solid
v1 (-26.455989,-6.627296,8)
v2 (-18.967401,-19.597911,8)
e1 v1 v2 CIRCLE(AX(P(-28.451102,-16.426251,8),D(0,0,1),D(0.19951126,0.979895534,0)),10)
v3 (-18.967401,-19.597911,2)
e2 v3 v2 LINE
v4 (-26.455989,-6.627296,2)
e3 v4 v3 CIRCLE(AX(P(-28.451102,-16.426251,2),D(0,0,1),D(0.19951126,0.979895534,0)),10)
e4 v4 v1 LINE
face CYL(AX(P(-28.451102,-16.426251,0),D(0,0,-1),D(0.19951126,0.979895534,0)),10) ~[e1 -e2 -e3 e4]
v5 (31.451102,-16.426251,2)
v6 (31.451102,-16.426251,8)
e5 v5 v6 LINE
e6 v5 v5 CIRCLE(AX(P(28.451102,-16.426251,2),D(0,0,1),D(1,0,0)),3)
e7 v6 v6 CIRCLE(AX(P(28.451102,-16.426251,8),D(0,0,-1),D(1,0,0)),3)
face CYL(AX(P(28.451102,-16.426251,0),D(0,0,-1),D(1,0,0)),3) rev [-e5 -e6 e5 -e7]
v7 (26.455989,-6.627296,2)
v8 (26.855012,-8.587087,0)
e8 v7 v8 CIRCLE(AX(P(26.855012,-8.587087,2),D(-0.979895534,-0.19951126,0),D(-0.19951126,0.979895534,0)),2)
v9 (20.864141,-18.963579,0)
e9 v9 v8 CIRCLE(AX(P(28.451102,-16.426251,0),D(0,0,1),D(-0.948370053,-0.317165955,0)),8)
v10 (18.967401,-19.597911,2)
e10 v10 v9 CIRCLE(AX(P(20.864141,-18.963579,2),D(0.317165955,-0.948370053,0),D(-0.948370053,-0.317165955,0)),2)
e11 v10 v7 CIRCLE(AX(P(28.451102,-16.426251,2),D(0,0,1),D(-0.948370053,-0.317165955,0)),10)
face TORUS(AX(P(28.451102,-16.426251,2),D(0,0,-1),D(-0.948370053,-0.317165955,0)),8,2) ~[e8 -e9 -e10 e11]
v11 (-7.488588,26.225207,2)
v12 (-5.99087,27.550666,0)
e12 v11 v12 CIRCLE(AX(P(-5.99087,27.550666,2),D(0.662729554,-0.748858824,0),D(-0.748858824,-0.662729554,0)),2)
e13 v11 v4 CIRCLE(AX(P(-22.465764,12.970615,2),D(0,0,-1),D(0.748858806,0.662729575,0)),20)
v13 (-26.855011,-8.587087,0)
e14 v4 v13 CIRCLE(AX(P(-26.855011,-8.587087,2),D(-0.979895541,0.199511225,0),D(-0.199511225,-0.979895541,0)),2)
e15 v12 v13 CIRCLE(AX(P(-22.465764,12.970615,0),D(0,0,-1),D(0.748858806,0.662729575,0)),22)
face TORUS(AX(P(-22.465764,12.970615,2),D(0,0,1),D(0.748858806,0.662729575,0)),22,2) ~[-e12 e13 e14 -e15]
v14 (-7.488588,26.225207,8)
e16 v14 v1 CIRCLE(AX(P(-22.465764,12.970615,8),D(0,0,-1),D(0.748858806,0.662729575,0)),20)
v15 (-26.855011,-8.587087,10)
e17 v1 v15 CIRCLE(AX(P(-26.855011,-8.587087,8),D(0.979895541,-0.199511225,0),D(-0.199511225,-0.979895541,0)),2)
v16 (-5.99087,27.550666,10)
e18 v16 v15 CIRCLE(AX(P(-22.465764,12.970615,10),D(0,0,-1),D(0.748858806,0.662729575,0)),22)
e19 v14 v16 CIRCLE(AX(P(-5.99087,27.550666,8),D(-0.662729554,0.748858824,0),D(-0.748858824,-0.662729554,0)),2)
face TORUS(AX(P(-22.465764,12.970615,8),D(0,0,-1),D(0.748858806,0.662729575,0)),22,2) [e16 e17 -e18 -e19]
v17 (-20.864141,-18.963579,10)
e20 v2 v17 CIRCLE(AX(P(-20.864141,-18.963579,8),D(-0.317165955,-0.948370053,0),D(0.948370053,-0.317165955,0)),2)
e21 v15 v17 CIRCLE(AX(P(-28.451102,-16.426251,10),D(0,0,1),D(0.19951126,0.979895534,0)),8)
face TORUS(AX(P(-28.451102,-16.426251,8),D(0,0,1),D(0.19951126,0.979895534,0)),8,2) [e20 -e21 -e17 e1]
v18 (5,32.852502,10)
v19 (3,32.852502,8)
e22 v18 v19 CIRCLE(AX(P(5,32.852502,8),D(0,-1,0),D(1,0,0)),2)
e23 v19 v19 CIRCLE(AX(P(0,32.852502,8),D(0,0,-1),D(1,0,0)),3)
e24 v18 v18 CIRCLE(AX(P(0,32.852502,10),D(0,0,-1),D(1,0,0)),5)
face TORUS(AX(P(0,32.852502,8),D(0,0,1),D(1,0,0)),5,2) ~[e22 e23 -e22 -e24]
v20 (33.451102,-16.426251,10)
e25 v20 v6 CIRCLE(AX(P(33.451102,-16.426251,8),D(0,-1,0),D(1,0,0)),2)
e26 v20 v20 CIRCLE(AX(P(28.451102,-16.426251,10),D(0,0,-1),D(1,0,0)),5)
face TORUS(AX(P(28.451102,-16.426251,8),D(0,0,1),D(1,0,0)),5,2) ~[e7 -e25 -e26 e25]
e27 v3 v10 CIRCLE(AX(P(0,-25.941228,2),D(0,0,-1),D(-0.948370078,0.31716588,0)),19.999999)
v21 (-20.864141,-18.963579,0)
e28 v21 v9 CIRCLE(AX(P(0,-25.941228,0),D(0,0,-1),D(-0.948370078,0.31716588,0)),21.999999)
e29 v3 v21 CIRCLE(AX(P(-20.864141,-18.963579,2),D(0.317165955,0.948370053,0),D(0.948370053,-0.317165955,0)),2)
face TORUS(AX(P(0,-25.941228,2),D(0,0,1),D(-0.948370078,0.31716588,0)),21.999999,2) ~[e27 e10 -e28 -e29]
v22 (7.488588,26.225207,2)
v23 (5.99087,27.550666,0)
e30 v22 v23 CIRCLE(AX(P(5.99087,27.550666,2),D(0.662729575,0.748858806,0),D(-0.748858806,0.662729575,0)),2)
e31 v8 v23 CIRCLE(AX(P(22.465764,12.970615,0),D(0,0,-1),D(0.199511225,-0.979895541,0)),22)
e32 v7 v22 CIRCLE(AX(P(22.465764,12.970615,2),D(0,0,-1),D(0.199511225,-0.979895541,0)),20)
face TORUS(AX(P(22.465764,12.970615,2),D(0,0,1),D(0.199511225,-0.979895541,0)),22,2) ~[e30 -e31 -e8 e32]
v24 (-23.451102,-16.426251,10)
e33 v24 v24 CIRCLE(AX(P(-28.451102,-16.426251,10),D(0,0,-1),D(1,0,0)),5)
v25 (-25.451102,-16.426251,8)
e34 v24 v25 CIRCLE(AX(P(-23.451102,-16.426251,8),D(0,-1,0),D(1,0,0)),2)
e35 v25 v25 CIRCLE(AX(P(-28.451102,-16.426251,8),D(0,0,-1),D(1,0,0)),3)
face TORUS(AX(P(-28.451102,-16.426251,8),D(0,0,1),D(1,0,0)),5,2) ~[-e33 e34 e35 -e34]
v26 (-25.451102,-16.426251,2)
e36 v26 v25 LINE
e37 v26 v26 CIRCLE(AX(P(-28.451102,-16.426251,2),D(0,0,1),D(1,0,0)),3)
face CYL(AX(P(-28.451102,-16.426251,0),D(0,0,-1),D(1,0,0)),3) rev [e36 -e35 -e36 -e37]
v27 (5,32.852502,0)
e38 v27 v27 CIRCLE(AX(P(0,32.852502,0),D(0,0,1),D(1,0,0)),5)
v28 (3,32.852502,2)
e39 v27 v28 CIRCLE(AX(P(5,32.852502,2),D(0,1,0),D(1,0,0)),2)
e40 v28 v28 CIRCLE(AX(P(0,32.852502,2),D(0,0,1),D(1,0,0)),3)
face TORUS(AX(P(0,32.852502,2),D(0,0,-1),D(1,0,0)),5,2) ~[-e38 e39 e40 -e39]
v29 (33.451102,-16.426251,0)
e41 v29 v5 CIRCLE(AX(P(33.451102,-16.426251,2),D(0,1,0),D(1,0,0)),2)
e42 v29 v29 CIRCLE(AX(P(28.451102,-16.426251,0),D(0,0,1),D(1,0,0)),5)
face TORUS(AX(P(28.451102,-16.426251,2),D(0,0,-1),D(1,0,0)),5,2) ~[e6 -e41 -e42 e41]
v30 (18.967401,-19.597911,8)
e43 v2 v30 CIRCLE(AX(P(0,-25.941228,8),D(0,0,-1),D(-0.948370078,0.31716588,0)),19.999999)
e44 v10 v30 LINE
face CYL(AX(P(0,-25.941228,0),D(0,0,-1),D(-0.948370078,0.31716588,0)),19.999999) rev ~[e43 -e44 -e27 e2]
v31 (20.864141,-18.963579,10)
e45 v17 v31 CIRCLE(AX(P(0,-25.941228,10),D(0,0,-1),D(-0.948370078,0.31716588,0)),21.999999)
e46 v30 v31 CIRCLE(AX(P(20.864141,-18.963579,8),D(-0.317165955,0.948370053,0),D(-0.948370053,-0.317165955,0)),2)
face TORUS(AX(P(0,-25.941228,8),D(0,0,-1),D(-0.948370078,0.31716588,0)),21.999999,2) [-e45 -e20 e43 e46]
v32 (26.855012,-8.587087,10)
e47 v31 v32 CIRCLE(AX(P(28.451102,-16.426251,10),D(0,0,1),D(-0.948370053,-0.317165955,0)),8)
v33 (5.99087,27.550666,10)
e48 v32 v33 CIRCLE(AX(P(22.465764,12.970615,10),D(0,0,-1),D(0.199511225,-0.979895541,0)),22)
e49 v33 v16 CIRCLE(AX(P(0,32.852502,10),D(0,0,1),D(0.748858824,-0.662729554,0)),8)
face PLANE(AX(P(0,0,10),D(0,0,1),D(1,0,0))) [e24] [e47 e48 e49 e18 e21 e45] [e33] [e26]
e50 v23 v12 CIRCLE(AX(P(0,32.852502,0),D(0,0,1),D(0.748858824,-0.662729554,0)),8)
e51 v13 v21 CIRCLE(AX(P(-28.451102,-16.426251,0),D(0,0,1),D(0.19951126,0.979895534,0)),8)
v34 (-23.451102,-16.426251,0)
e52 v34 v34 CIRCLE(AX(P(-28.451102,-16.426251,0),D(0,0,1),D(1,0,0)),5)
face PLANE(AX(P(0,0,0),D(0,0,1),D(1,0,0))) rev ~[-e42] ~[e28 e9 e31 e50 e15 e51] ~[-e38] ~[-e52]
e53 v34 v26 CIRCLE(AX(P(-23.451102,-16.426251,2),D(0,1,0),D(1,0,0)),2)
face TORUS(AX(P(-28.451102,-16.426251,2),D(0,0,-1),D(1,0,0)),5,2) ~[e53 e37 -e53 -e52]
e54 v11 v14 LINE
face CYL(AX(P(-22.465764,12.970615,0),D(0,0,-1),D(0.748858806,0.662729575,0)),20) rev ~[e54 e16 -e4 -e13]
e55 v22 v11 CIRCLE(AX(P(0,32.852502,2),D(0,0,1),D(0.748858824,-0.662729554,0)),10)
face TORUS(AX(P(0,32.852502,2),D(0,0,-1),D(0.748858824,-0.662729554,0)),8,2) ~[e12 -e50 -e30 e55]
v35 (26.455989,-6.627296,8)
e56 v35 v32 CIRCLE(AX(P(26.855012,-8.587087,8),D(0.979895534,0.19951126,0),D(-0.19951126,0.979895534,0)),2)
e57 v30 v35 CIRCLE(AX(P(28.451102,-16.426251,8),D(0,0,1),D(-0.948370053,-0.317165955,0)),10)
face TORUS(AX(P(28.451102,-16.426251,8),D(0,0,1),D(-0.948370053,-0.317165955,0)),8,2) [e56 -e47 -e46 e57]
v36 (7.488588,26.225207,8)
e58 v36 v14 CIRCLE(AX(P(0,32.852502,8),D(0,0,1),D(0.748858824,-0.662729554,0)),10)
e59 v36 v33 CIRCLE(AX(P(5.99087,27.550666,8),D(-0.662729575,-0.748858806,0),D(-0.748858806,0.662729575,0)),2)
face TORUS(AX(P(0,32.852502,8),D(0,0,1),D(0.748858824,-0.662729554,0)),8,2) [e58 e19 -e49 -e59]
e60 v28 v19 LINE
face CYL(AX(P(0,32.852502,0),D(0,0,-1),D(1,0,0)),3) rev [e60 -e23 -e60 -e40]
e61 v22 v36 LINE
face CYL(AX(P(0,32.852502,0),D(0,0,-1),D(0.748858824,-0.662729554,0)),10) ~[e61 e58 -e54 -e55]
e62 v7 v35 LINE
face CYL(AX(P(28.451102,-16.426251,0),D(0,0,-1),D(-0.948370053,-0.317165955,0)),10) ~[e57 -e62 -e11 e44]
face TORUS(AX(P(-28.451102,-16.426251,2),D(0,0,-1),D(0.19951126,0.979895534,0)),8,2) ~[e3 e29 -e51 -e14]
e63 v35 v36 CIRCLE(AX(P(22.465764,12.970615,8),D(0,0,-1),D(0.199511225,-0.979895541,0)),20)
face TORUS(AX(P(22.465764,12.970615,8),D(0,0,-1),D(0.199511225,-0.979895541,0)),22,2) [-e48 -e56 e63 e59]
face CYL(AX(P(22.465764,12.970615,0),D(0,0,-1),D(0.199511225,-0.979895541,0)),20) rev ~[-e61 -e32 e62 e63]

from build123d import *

# Parameters (mm, degrees)
F1_DEPTH = 10
F2_R     = 3
F3_DEPTH = 25
F4_R     = 2
F5_R     = 2


with BuildPart() as f1:
    # F0 (on Top) → F1 (new body)
    with BuildSketch(Plane.XY):
        with BuildLine():
            ThreePointArc((26.455989, -6.627296), (5.145256, 2.970615), (7.488588, 26.225207))
            ThreePointArc((7.488588, 26.225207), (0, 42.852502), (-7.488588, 26.225207))
            ThreePointArc((-7.488588, 26.225207), (-5.145256, 2.970615), (-26.455989, -6.627296))
            ThreePointArc((-26.455989, -6.627296), (-37.111356, -21.426251), (-18.967401, -19.597911))
            ThreePointArc((-18.967401, -19.597911), (0, -5.941229), (18.967401, -19.597911))
            ThreePointArc((18.967401, -19.597911), (37.111356, -21.426251), (26.455989, -6.627296))
        make_face()
    extrude(amount=F1_DEPTH)

    # F2 (on Top) → F3 (cut)
    with BuildSketch(Plane.XY):
        with Locations((0, 32.852502)):
            Circle(F2_R)
        with Locations((28.451102, -16.426251)):
            Circle(F2_R)
        with Locations((-28.451102, -16.426251)):
            Circle(F2_R)
    extrude(amount=F3_DEPTH, mode=Mode.SUBTRACT)

    # F4
    f4_edges = [f1.edges().sort_by_distance(p)[0] for p in [
        (37.111356, -21.426251, 10),
        (0, -5.941229, 10),
        (5.145256, 2.970615, 10),
        (-37.111356, -21.426251, 10),
        (0, 42.852502, 10),
        (-5.145256, 2.970615, 10),
        (-31.451102, -16.426251, 10),
        (25.451102, -16.426251, 10),
        (-3, 32.852502, 10),
    ]]
    fillet(f4_edges, radius=F4_R)

    # F5
    f5_edges = [f1.edges().sort_by_distance(p)[0] for p in [
        (37.111356, -21.426251, 0),
        (0, -5.941229, 0),
        (5.145256, 2.970615, 0),
        (-37.111356, -21.426251, 0),
        (0, 42.852502, 0),
        (-5.145256, 2.970615, 0),
        (-31.451102, -16.426251, 0),
        (25.451102, -16.426251, 0),
        (-3, 32.852502, 0),
    ]]
    fillet(f5_edges, radius=F5_R)


solid = f1.part
